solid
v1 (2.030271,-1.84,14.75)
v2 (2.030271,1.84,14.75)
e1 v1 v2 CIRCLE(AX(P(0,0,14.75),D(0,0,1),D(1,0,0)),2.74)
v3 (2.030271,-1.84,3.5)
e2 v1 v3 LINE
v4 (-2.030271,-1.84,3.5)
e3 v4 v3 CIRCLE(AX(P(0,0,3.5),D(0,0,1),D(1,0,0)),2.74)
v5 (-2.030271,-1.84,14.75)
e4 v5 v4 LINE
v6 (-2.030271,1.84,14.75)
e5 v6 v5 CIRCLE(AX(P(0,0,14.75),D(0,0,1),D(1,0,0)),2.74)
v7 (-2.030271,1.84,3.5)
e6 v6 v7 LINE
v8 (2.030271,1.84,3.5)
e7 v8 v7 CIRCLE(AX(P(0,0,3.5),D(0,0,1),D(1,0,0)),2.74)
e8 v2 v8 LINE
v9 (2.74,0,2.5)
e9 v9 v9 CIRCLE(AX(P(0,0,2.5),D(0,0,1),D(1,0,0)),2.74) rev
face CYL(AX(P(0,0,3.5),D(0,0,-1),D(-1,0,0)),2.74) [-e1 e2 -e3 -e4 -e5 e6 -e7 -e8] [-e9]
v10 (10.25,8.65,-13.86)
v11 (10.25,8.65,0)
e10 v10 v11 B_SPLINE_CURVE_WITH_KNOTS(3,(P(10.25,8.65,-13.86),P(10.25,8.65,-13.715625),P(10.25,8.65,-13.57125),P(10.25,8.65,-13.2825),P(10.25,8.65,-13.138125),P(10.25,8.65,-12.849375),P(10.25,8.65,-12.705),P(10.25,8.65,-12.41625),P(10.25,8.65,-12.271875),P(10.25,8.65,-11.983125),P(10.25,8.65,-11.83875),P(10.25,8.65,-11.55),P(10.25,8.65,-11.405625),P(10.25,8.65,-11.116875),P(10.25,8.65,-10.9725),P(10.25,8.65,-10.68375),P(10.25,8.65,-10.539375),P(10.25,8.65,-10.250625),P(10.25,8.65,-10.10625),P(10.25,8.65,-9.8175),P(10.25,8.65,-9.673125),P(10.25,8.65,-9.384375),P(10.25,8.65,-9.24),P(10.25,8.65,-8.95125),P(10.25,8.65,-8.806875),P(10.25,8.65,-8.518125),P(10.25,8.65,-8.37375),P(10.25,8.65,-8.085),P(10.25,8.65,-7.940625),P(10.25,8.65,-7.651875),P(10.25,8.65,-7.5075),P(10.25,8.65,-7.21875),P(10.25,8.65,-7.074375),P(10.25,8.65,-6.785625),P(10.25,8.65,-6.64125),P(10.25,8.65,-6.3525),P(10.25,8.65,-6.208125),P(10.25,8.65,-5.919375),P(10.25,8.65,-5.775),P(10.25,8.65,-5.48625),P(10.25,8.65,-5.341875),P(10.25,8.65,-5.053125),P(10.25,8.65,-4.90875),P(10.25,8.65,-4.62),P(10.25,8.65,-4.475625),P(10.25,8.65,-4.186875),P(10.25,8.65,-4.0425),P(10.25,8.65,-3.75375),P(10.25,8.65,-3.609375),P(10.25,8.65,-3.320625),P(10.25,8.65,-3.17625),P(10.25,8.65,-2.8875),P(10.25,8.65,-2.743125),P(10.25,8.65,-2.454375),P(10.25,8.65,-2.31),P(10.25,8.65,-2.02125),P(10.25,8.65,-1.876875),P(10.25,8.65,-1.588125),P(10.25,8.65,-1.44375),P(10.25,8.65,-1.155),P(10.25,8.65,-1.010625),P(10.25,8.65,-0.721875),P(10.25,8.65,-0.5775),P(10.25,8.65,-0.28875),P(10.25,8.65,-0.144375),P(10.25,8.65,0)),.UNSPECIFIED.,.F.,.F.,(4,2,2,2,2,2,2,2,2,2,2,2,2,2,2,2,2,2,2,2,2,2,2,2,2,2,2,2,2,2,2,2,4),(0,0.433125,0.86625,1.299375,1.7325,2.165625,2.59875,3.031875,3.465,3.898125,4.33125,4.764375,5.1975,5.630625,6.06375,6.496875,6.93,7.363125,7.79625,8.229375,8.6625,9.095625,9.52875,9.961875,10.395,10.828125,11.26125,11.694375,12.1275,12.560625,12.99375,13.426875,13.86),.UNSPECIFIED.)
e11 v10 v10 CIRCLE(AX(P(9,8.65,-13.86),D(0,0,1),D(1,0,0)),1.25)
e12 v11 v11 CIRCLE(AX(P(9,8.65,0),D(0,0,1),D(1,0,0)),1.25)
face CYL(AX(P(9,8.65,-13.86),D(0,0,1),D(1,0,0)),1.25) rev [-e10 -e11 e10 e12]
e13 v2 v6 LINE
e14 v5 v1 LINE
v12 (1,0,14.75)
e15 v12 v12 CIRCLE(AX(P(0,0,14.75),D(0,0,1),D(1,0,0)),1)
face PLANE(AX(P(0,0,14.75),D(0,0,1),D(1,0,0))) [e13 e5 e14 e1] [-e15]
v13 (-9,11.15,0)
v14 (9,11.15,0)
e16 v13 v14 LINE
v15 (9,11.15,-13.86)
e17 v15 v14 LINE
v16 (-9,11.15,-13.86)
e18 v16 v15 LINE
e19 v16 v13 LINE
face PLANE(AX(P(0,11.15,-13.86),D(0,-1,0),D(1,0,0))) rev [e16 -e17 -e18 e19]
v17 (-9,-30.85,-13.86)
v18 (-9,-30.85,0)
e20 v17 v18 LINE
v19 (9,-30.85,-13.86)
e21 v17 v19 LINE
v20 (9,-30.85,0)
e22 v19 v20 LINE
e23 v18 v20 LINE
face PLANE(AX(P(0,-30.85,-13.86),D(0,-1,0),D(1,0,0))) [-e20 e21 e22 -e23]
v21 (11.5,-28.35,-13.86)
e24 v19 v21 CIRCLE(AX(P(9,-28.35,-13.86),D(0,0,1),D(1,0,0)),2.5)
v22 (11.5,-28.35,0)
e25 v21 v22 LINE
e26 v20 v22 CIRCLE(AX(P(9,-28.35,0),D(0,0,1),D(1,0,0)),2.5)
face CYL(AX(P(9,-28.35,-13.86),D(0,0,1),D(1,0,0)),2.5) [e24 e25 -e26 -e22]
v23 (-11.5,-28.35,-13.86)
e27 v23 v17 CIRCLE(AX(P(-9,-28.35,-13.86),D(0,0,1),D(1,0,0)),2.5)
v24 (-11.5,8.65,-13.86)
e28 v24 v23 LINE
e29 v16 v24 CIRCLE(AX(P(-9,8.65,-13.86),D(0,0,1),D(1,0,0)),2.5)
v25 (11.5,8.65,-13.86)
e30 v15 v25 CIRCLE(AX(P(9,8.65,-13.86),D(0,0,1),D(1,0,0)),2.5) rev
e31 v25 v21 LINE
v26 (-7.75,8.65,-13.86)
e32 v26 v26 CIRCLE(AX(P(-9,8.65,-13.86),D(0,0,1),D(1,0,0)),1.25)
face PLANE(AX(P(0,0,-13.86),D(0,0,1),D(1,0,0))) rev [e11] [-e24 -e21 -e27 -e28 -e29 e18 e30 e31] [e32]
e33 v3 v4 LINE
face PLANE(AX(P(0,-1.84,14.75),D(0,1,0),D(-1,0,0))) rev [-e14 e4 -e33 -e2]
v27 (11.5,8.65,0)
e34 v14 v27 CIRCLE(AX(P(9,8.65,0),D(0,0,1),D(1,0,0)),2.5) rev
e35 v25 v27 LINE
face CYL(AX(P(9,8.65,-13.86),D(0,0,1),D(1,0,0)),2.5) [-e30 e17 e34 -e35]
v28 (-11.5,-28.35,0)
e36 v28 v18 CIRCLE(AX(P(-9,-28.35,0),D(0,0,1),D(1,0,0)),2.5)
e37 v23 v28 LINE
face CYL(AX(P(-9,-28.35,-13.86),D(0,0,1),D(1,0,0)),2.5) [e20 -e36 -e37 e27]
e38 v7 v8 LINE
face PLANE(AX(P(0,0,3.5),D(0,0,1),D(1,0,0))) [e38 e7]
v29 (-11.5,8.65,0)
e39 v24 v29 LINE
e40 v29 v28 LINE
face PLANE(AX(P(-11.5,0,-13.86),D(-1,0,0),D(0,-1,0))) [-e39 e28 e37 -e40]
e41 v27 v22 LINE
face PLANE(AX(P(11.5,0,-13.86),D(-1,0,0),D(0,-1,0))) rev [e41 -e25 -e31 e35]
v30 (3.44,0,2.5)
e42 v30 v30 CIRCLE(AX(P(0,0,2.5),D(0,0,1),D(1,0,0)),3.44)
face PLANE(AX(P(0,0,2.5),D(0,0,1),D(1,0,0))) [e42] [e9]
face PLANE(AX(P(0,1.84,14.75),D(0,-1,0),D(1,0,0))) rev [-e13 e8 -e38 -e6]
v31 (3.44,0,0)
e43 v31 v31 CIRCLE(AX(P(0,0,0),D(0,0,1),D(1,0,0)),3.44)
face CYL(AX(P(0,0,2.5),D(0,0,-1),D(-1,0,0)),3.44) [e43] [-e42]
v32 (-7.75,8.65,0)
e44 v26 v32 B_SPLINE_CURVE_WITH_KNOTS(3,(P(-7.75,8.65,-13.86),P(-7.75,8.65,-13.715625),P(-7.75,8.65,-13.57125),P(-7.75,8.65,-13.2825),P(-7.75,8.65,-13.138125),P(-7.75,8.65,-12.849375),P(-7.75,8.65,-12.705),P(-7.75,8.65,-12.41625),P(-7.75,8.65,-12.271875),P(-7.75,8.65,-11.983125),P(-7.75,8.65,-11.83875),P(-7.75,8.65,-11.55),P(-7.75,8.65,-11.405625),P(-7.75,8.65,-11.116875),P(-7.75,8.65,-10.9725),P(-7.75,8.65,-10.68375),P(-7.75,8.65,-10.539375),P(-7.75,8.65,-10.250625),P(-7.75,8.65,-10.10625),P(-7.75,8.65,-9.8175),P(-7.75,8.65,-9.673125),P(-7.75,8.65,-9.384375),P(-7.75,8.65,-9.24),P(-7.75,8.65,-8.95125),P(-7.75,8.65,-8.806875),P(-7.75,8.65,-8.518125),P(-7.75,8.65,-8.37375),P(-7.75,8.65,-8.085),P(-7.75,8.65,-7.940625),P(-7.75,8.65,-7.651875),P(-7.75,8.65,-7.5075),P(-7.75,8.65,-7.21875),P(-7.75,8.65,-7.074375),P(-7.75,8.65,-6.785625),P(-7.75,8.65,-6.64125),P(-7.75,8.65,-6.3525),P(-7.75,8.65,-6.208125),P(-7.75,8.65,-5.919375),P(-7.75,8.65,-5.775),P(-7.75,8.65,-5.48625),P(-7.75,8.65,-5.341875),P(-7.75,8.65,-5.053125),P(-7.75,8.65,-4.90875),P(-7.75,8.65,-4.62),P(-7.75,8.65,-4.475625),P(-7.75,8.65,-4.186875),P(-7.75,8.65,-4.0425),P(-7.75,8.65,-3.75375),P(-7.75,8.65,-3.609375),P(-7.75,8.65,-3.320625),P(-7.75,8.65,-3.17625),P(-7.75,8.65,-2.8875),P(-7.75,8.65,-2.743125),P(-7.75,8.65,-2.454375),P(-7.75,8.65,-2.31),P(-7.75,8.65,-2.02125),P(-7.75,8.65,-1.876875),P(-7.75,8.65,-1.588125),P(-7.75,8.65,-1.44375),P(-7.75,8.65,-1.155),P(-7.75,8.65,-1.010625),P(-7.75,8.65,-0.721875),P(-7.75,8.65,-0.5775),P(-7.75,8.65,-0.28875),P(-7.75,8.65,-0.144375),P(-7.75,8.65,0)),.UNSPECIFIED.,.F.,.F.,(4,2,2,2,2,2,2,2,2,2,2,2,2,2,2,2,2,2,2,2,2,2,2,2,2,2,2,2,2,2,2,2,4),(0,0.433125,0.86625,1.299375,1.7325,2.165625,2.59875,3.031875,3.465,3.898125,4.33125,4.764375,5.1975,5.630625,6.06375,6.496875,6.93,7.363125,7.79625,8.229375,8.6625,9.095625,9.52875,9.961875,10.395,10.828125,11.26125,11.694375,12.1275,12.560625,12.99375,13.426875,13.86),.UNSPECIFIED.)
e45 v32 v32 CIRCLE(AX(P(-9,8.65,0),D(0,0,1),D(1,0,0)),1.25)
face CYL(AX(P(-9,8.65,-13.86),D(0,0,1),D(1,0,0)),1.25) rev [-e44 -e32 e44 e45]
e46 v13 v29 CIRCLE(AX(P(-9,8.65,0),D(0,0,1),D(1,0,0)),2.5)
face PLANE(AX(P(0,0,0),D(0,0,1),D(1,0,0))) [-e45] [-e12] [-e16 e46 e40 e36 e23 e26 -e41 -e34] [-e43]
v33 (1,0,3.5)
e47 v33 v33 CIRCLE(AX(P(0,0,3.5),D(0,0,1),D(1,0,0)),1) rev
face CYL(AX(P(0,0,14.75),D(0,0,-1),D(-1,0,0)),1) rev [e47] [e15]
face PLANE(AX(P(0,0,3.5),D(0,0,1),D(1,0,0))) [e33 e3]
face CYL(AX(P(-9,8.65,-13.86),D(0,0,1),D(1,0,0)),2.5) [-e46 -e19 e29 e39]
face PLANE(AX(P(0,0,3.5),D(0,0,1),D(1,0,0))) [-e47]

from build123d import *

# Parameters (mm, degrees)
SKETCH1_R           = 1.25
BOSS_EXTRUDE1_DEPTH = 13.86
SKETCH1_3_R         = 3.44
BOSS_EXTRUDE2_DEPTH = 2.5
SKETCH1_4_R         = 2.74
BOSS_EXTRUDE3_DEPTH = 3.5
SKETCH1_5_R         = 1
BOSS_EXTRUDE4_DEPTH = 14.75


with BuildPart() as part:
    # Sketch1 → Boss-Extrude1 (new body)
    with BuildSketch(Plane.XY):
        with BuildLine():
            Line((9, 11.15), (-9, 11.15))
            ThreePointArc((-9, 11.15), (-10.767766953, 10.417766953), (-11.5, 8.65))
            Line((-11.5, 8.65), (-11.5, -28.35))
            ThreePointArc((-11.5, -28.35), (-10.767766953, -30.117766953), (-9, -30.85))
            Line((-9, -30.85), (9, -30.85))
            ThreePointArc((9, -30.85), (10.767766953, -30.117766953), (11.5, -28.35))
            Line((11.5, -28.35), (11.5, 8.65))
            ThreePointArc((11.5, 8.65), (10.767766953, 10.417766953), (9, 11.15))
        make_face()
        with Locations((-9, 8.65)):
            Circle(SKETCH1_R, mode=Mode.SUBTRACT)
        with Locations((9, 8.65)):
            Circle(SKETCH1_R, mode=Mode.SUBTRACT)
    extrude(amount=-BOSS_EXTRUDE1_DEPTH)

    # Sketch1<3> → Boss-Extrude2 (add)
    with BuildSketch(Plane.XY):
        Circle(SKETCH1_3_R)
    extrude(amount=BOSS_EXTRUDE2_DEPTH)

    # Sketch1<4> → Boss-Extrude3 (add)
    with BuildSketch(Plane.XY):
        Circle(SKETCH1_4_R)
    extrude(amount=BOSS_EXTRUDE3_DEPTH)

    # Sketch1<5> → Boss-Extrude4 (add)
    with BuildSketch(Plane.XY):
        with BuildLine():
            ThreePointArc((2.74, 0), (2.556417641, 0.986067362), (2.030270918, 1.84))
            Line((2.030270918, 1.84), (-2.030270918, 1.84))
            ThreePointArc((-2.030270918, 1.84), (-2.74, 0), (-2.030270918, -1.84))
            Line((-2.030270918, -1.84), (2.030270918, -1.84))
            ThreePointArc((2.030270918, -1.84), (2.556417641, -0.986067362), (2.74, 0))
        make_face()
        Circle(SKETCH1_5_R, mode=Mode.SUBTRACT)
    extrude(amount=BOSS_EXTRUDE4_DEPTH)


solid = part.part
